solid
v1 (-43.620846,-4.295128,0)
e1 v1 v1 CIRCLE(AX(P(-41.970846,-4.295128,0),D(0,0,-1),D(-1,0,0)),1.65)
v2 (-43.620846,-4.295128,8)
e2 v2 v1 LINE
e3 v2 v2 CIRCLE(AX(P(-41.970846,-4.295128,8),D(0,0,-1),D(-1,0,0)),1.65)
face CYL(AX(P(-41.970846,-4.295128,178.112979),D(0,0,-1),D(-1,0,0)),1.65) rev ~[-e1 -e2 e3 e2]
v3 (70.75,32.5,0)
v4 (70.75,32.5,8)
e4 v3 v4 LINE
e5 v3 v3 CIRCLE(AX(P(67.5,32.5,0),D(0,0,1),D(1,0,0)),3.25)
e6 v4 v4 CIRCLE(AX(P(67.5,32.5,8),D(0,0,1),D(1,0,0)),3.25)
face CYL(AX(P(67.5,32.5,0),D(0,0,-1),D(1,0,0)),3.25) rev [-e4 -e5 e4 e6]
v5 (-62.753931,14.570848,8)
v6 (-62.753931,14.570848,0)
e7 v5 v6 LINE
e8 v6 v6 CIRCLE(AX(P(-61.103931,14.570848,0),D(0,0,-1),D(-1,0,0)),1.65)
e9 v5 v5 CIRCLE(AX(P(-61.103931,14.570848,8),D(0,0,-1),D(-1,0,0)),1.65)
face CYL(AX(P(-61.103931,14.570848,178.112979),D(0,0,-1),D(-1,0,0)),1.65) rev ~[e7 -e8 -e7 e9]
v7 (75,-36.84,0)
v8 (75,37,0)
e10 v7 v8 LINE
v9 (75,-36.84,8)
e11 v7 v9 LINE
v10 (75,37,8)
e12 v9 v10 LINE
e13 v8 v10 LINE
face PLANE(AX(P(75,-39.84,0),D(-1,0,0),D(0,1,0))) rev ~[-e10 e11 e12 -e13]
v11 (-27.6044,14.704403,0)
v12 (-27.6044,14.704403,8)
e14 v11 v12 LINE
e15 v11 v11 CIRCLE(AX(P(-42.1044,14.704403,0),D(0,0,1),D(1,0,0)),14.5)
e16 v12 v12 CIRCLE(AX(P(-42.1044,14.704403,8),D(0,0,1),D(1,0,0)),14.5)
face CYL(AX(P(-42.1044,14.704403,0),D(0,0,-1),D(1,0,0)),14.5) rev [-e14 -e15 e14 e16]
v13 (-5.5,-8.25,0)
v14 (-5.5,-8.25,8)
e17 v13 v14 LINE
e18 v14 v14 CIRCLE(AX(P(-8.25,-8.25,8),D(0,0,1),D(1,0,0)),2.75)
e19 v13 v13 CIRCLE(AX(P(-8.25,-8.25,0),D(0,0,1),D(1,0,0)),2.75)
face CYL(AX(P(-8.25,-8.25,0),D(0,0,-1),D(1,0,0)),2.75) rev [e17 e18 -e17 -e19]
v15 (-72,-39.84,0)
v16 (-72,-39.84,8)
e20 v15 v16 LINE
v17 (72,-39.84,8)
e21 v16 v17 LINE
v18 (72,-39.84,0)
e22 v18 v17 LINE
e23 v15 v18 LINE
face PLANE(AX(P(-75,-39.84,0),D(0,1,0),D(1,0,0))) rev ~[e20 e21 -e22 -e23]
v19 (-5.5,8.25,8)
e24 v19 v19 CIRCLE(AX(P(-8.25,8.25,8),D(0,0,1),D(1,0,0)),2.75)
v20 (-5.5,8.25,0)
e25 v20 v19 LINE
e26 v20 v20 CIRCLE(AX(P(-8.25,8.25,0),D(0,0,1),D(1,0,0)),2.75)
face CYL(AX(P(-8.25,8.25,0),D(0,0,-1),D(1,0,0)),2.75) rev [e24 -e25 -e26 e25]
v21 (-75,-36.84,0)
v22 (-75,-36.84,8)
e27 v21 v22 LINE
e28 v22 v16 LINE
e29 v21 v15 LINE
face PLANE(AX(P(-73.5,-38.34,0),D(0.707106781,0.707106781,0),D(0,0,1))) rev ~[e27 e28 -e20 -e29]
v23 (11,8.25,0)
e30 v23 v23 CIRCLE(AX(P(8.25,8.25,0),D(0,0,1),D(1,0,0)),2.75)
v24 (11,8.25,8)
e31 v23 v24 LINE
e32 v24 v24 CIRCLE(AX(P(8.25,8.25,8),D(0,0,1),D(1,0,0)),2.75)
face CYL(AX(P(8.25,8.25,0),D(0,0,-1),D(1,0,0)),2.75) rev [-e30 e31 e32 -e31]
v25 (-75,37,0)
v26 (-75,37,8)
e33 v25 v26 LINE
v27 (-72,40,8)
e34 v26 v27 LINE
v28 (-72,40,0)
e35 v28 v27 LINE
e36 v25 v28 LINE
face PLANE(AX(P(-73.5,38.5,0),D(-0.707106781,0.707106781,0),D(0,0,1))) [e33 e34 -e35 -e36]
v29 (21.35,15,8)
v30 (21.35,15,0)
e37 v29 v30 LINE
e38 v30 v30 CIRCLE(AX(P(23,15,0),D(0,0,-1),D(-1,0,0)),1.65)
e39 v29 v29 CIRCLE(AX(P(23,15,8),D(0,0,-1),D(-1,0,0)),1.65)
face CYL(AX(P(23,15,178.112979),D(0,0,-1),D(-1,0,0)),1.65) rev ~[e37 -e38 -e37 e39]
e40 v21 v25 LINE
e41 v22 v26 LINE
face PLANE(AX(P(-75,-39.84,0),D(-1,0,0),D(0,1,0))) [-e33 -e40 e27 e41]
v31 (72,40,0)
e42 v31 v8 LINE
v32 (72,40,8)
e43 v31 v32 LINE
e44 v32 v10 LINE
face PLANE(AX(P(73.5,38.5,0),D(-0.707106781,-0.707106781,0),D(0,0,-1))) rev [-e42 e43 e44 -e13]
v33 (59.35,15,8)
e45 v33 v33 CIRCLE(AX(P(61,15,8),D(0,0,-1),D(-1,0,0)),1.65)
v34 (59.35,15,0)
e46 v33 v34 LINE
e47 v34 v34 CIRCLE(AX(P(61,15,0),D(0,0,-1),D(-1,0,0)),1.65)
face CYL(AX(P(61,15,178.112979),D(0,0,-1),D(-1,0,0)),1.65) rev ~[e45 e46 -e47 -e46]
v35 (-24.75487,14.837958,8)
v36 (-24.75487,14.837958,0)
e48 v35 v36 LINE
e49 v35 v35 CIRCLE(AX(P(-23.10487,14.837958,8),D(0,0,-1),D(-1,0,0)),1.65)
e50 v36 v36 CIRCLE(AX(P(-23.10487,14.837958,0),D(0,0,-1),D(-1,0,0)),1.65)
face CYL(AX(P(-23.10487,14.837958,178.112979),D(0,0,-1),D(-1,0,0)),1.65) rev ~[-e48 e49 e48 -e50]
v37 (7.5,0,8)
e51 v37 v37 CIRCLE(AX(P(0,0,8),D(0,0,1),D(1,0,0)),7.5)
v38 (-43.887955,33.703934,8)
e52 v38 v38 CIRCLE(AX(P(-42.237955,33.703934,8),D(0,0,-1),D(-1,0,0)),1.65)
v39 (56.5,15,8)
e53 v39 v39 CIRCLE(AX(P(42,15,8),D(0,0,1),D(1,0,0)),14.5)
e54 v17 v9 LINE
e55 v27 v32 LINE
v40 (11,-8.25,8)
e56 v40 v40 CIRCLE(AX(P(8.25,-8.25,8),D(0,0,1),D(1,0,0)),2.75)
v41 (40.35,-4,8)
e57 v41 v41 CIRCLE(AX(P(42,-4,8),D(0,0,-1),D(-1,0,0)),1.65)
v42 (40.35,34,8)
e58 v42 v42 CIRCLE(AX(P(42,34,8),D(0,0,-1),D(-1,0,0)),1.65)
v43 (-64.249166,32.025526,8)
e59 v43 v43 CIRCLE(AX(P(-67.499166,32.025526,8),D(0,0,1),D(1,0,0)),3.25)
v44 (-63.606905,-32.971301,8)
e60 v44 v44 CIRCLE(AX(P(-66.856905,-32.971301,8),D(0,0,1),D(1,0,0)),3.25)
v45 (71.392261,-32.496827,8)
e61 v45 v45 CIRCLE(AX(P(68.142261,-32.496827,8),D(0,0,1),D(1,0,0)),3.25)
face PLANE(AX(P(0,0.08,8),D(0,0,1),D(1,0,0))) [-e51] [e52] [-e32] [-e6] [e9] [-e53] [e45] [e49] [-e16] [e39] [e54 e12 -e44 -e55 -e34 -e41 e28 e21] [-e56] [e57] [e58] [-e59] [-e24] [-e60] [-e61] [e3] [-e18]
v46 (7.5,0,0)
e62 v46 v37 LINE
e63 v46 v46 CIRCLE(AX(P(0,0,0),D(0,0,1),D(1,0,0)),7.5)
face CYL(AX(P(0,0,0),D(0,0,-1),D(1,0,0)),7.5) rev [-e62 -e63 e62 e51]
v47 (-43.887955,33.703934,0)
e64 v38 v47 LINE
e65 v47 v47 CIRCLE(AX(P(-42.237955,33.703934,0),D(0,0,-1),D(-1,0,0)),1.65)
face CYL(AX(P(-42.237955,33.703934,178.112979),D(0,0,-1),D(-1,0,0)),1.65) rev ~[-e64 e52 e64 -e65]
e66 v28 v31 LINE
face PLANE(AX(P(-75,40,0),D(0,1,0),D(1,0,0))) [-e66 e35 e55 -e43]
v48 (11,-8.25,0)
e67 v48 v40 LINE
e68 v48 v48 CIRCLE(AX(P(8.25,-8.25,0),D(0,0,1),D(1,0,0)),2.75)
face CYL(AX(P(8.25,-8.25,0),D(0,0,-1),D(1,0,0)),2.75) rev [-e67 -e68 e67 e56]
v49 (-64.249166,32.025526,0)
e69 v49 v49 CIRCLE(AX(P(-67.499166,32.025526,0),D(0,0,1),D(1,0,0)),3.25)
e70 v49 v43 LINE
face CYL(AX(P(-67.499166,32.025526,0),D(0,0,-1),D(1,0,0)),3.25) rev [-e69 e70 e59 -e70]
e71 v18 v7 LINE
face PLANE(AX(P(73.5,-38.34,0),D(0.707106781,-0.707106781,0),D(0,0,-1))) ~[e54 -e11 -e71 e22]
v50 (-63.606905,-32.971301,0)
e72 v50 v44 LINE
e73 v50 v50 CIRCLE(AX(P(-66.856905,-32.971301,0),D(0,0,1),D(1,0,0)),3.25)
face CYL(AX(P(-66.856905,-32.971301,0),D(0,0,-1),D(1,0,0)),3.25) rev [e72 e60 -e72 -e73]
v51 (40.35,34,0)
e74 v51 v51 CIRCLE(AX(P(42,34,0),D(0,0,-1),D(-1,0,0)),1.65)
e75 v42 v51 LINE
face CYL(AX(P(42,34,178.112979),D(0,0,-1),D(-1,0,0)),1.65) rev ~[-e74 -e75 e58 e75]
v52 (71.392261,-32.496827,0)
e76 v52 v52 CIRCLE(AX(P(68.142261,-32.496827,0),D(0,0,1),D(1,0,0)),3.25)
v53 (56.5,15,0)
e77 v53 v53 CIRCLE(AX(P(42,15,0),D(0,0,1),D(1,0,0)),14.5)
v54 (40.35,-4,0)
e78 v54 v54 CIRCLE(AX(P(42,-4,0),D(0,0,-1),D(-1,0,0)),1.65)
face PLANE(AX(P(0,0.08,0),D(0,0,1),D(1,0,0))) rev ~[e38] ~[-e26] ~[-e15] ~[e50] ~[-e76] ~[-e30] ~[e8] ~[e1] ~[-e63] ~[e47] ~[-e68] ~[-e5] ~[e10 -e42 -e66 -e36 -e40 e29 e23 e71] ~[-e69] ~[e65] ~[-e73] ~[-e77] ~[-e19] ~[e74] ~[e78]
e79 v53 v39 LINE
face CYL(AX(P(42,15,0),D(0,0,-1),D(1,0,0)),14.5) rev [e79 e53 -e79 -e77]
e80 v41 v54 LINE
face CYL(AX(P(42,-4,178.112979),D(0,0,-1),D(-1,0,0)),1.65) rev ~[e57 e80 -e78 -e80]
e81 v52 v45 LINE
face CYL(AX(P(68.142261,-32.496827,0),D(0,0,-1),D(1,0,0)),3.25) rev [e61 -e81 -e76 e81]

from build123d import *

# Parameters (mm, degrees)
F0_W     = 150
F0_H     = 79.84
F0_R     = 3.25
F0_R_2   = 1
F0_R_3   = 2.75
F0_R_4   = 7.5
F0_R_5   = 14.5
F1_DEPTH = 8
F2_SIZE  = 3
F4_D     = 3.3


with BuildPart() as f1:
    # F0 (on Top) → F1 (new body)
    with BuildSketch(Plane.XY):
        with Locations((0, 0.08)):
            Rectangle(F0_W, F0_H)
        with Locations((-66.8569050639, -32.9713009074)):
            Circle(F0_R, mode=Mode.SUBTRACT)
        with Locations((-41.9708455764, -4.2951276581)):
            Circle(F0_R_2, mode=Mode.SUBTRACT)
        with Locations((-8.25, -8.25)):
            Circle(F0_R_3, mode=Mode.SUBTRACT)
        with Locations((68.1422611349, -32.4968268505)):
            Circle(F0_R, mode=Mode.SUBTRACT)
        with Locations((8.25, -8.25)):
            Circle(F0_R_3, mode=Mode.SUBTRACT)
        Circle(F0_R_4, mode=Mode.SUBTRACT)
        with Locations((42, -4)):
            Circle(F0_R_2, mode=Mode.SUBTRACT)
        with Locations((-61.1039310143, 14.5708481086)):
            Circle(F0_R_2, mode=Mode.SUBTRACT)
        with Locations((-42.104400412, 14.7044029442)):
            Circle(F0_R_5, mode=Mode.SUBTRACT)
        with Locations((-8.25, 8.25)):
            Circle(F0_R_3, mode=Mode.SUBTRACT)
        with Locations((-23.1048698098, 14.8379577797)):
            Circle(F0_R_2, mode=Mode.SUBTRACT)
        with Locations((-67.4991661988, 32.0255259431)):
            Circle(F0_R, mode=Mode.SUBTRACT)
        with Locations((-42.2379552476, 33.7039335464)):
            Circle(F0_R_2, mode=Mode.SUBTRACT)
        with Locations((8.25, 8.25)):
            Circle(F0_R_3, mode=Mode.SUBTRACT)
        with Locations((23, 15)):
            Circle(F0_R_2, mode=Mode.SUBTRACT)
        with Locations((42, 15)):
            Circle(F0_R_5, mode=Mode.SUBTRACT)
        with Locations((61, 15)):
            Circle(F0_R_2, mode=Mode.SUBTRACT)
        with Locations((42, 34)):
            Circle(F0_R_2, mode=Mode.SUBTRACT)
        with Locations((67.5, 32.5)):
            Circle(F0_R, mode=Mode.SUBTRACT)
    extrude(amount=F1_DEPTH)

    # F2
    f2_edges = [f1.edges().sort_by_distance(p)[0] for p in [
        (75, -39.84, 4),
        (75, 40, 4),
        (-75, -39.84, 4),
        (-75, 40, 4),
    ]]
    chamfer(f2_edges, length=F2_SIZE)

    # F4 (through all)
    with Locations(Plane.XY.offset(8)):
        with Locations((42, 34), (61, 15), (42, -4), (23, 15), (-23.1048698098, 14.8379577797), (-42.2379552476, 33.7039335464), (-41.9708455764, -4.2951276581), (-61.1039310143, 14.5708481086)):
            Hole(F4_D / 2)


solid = f1.part
